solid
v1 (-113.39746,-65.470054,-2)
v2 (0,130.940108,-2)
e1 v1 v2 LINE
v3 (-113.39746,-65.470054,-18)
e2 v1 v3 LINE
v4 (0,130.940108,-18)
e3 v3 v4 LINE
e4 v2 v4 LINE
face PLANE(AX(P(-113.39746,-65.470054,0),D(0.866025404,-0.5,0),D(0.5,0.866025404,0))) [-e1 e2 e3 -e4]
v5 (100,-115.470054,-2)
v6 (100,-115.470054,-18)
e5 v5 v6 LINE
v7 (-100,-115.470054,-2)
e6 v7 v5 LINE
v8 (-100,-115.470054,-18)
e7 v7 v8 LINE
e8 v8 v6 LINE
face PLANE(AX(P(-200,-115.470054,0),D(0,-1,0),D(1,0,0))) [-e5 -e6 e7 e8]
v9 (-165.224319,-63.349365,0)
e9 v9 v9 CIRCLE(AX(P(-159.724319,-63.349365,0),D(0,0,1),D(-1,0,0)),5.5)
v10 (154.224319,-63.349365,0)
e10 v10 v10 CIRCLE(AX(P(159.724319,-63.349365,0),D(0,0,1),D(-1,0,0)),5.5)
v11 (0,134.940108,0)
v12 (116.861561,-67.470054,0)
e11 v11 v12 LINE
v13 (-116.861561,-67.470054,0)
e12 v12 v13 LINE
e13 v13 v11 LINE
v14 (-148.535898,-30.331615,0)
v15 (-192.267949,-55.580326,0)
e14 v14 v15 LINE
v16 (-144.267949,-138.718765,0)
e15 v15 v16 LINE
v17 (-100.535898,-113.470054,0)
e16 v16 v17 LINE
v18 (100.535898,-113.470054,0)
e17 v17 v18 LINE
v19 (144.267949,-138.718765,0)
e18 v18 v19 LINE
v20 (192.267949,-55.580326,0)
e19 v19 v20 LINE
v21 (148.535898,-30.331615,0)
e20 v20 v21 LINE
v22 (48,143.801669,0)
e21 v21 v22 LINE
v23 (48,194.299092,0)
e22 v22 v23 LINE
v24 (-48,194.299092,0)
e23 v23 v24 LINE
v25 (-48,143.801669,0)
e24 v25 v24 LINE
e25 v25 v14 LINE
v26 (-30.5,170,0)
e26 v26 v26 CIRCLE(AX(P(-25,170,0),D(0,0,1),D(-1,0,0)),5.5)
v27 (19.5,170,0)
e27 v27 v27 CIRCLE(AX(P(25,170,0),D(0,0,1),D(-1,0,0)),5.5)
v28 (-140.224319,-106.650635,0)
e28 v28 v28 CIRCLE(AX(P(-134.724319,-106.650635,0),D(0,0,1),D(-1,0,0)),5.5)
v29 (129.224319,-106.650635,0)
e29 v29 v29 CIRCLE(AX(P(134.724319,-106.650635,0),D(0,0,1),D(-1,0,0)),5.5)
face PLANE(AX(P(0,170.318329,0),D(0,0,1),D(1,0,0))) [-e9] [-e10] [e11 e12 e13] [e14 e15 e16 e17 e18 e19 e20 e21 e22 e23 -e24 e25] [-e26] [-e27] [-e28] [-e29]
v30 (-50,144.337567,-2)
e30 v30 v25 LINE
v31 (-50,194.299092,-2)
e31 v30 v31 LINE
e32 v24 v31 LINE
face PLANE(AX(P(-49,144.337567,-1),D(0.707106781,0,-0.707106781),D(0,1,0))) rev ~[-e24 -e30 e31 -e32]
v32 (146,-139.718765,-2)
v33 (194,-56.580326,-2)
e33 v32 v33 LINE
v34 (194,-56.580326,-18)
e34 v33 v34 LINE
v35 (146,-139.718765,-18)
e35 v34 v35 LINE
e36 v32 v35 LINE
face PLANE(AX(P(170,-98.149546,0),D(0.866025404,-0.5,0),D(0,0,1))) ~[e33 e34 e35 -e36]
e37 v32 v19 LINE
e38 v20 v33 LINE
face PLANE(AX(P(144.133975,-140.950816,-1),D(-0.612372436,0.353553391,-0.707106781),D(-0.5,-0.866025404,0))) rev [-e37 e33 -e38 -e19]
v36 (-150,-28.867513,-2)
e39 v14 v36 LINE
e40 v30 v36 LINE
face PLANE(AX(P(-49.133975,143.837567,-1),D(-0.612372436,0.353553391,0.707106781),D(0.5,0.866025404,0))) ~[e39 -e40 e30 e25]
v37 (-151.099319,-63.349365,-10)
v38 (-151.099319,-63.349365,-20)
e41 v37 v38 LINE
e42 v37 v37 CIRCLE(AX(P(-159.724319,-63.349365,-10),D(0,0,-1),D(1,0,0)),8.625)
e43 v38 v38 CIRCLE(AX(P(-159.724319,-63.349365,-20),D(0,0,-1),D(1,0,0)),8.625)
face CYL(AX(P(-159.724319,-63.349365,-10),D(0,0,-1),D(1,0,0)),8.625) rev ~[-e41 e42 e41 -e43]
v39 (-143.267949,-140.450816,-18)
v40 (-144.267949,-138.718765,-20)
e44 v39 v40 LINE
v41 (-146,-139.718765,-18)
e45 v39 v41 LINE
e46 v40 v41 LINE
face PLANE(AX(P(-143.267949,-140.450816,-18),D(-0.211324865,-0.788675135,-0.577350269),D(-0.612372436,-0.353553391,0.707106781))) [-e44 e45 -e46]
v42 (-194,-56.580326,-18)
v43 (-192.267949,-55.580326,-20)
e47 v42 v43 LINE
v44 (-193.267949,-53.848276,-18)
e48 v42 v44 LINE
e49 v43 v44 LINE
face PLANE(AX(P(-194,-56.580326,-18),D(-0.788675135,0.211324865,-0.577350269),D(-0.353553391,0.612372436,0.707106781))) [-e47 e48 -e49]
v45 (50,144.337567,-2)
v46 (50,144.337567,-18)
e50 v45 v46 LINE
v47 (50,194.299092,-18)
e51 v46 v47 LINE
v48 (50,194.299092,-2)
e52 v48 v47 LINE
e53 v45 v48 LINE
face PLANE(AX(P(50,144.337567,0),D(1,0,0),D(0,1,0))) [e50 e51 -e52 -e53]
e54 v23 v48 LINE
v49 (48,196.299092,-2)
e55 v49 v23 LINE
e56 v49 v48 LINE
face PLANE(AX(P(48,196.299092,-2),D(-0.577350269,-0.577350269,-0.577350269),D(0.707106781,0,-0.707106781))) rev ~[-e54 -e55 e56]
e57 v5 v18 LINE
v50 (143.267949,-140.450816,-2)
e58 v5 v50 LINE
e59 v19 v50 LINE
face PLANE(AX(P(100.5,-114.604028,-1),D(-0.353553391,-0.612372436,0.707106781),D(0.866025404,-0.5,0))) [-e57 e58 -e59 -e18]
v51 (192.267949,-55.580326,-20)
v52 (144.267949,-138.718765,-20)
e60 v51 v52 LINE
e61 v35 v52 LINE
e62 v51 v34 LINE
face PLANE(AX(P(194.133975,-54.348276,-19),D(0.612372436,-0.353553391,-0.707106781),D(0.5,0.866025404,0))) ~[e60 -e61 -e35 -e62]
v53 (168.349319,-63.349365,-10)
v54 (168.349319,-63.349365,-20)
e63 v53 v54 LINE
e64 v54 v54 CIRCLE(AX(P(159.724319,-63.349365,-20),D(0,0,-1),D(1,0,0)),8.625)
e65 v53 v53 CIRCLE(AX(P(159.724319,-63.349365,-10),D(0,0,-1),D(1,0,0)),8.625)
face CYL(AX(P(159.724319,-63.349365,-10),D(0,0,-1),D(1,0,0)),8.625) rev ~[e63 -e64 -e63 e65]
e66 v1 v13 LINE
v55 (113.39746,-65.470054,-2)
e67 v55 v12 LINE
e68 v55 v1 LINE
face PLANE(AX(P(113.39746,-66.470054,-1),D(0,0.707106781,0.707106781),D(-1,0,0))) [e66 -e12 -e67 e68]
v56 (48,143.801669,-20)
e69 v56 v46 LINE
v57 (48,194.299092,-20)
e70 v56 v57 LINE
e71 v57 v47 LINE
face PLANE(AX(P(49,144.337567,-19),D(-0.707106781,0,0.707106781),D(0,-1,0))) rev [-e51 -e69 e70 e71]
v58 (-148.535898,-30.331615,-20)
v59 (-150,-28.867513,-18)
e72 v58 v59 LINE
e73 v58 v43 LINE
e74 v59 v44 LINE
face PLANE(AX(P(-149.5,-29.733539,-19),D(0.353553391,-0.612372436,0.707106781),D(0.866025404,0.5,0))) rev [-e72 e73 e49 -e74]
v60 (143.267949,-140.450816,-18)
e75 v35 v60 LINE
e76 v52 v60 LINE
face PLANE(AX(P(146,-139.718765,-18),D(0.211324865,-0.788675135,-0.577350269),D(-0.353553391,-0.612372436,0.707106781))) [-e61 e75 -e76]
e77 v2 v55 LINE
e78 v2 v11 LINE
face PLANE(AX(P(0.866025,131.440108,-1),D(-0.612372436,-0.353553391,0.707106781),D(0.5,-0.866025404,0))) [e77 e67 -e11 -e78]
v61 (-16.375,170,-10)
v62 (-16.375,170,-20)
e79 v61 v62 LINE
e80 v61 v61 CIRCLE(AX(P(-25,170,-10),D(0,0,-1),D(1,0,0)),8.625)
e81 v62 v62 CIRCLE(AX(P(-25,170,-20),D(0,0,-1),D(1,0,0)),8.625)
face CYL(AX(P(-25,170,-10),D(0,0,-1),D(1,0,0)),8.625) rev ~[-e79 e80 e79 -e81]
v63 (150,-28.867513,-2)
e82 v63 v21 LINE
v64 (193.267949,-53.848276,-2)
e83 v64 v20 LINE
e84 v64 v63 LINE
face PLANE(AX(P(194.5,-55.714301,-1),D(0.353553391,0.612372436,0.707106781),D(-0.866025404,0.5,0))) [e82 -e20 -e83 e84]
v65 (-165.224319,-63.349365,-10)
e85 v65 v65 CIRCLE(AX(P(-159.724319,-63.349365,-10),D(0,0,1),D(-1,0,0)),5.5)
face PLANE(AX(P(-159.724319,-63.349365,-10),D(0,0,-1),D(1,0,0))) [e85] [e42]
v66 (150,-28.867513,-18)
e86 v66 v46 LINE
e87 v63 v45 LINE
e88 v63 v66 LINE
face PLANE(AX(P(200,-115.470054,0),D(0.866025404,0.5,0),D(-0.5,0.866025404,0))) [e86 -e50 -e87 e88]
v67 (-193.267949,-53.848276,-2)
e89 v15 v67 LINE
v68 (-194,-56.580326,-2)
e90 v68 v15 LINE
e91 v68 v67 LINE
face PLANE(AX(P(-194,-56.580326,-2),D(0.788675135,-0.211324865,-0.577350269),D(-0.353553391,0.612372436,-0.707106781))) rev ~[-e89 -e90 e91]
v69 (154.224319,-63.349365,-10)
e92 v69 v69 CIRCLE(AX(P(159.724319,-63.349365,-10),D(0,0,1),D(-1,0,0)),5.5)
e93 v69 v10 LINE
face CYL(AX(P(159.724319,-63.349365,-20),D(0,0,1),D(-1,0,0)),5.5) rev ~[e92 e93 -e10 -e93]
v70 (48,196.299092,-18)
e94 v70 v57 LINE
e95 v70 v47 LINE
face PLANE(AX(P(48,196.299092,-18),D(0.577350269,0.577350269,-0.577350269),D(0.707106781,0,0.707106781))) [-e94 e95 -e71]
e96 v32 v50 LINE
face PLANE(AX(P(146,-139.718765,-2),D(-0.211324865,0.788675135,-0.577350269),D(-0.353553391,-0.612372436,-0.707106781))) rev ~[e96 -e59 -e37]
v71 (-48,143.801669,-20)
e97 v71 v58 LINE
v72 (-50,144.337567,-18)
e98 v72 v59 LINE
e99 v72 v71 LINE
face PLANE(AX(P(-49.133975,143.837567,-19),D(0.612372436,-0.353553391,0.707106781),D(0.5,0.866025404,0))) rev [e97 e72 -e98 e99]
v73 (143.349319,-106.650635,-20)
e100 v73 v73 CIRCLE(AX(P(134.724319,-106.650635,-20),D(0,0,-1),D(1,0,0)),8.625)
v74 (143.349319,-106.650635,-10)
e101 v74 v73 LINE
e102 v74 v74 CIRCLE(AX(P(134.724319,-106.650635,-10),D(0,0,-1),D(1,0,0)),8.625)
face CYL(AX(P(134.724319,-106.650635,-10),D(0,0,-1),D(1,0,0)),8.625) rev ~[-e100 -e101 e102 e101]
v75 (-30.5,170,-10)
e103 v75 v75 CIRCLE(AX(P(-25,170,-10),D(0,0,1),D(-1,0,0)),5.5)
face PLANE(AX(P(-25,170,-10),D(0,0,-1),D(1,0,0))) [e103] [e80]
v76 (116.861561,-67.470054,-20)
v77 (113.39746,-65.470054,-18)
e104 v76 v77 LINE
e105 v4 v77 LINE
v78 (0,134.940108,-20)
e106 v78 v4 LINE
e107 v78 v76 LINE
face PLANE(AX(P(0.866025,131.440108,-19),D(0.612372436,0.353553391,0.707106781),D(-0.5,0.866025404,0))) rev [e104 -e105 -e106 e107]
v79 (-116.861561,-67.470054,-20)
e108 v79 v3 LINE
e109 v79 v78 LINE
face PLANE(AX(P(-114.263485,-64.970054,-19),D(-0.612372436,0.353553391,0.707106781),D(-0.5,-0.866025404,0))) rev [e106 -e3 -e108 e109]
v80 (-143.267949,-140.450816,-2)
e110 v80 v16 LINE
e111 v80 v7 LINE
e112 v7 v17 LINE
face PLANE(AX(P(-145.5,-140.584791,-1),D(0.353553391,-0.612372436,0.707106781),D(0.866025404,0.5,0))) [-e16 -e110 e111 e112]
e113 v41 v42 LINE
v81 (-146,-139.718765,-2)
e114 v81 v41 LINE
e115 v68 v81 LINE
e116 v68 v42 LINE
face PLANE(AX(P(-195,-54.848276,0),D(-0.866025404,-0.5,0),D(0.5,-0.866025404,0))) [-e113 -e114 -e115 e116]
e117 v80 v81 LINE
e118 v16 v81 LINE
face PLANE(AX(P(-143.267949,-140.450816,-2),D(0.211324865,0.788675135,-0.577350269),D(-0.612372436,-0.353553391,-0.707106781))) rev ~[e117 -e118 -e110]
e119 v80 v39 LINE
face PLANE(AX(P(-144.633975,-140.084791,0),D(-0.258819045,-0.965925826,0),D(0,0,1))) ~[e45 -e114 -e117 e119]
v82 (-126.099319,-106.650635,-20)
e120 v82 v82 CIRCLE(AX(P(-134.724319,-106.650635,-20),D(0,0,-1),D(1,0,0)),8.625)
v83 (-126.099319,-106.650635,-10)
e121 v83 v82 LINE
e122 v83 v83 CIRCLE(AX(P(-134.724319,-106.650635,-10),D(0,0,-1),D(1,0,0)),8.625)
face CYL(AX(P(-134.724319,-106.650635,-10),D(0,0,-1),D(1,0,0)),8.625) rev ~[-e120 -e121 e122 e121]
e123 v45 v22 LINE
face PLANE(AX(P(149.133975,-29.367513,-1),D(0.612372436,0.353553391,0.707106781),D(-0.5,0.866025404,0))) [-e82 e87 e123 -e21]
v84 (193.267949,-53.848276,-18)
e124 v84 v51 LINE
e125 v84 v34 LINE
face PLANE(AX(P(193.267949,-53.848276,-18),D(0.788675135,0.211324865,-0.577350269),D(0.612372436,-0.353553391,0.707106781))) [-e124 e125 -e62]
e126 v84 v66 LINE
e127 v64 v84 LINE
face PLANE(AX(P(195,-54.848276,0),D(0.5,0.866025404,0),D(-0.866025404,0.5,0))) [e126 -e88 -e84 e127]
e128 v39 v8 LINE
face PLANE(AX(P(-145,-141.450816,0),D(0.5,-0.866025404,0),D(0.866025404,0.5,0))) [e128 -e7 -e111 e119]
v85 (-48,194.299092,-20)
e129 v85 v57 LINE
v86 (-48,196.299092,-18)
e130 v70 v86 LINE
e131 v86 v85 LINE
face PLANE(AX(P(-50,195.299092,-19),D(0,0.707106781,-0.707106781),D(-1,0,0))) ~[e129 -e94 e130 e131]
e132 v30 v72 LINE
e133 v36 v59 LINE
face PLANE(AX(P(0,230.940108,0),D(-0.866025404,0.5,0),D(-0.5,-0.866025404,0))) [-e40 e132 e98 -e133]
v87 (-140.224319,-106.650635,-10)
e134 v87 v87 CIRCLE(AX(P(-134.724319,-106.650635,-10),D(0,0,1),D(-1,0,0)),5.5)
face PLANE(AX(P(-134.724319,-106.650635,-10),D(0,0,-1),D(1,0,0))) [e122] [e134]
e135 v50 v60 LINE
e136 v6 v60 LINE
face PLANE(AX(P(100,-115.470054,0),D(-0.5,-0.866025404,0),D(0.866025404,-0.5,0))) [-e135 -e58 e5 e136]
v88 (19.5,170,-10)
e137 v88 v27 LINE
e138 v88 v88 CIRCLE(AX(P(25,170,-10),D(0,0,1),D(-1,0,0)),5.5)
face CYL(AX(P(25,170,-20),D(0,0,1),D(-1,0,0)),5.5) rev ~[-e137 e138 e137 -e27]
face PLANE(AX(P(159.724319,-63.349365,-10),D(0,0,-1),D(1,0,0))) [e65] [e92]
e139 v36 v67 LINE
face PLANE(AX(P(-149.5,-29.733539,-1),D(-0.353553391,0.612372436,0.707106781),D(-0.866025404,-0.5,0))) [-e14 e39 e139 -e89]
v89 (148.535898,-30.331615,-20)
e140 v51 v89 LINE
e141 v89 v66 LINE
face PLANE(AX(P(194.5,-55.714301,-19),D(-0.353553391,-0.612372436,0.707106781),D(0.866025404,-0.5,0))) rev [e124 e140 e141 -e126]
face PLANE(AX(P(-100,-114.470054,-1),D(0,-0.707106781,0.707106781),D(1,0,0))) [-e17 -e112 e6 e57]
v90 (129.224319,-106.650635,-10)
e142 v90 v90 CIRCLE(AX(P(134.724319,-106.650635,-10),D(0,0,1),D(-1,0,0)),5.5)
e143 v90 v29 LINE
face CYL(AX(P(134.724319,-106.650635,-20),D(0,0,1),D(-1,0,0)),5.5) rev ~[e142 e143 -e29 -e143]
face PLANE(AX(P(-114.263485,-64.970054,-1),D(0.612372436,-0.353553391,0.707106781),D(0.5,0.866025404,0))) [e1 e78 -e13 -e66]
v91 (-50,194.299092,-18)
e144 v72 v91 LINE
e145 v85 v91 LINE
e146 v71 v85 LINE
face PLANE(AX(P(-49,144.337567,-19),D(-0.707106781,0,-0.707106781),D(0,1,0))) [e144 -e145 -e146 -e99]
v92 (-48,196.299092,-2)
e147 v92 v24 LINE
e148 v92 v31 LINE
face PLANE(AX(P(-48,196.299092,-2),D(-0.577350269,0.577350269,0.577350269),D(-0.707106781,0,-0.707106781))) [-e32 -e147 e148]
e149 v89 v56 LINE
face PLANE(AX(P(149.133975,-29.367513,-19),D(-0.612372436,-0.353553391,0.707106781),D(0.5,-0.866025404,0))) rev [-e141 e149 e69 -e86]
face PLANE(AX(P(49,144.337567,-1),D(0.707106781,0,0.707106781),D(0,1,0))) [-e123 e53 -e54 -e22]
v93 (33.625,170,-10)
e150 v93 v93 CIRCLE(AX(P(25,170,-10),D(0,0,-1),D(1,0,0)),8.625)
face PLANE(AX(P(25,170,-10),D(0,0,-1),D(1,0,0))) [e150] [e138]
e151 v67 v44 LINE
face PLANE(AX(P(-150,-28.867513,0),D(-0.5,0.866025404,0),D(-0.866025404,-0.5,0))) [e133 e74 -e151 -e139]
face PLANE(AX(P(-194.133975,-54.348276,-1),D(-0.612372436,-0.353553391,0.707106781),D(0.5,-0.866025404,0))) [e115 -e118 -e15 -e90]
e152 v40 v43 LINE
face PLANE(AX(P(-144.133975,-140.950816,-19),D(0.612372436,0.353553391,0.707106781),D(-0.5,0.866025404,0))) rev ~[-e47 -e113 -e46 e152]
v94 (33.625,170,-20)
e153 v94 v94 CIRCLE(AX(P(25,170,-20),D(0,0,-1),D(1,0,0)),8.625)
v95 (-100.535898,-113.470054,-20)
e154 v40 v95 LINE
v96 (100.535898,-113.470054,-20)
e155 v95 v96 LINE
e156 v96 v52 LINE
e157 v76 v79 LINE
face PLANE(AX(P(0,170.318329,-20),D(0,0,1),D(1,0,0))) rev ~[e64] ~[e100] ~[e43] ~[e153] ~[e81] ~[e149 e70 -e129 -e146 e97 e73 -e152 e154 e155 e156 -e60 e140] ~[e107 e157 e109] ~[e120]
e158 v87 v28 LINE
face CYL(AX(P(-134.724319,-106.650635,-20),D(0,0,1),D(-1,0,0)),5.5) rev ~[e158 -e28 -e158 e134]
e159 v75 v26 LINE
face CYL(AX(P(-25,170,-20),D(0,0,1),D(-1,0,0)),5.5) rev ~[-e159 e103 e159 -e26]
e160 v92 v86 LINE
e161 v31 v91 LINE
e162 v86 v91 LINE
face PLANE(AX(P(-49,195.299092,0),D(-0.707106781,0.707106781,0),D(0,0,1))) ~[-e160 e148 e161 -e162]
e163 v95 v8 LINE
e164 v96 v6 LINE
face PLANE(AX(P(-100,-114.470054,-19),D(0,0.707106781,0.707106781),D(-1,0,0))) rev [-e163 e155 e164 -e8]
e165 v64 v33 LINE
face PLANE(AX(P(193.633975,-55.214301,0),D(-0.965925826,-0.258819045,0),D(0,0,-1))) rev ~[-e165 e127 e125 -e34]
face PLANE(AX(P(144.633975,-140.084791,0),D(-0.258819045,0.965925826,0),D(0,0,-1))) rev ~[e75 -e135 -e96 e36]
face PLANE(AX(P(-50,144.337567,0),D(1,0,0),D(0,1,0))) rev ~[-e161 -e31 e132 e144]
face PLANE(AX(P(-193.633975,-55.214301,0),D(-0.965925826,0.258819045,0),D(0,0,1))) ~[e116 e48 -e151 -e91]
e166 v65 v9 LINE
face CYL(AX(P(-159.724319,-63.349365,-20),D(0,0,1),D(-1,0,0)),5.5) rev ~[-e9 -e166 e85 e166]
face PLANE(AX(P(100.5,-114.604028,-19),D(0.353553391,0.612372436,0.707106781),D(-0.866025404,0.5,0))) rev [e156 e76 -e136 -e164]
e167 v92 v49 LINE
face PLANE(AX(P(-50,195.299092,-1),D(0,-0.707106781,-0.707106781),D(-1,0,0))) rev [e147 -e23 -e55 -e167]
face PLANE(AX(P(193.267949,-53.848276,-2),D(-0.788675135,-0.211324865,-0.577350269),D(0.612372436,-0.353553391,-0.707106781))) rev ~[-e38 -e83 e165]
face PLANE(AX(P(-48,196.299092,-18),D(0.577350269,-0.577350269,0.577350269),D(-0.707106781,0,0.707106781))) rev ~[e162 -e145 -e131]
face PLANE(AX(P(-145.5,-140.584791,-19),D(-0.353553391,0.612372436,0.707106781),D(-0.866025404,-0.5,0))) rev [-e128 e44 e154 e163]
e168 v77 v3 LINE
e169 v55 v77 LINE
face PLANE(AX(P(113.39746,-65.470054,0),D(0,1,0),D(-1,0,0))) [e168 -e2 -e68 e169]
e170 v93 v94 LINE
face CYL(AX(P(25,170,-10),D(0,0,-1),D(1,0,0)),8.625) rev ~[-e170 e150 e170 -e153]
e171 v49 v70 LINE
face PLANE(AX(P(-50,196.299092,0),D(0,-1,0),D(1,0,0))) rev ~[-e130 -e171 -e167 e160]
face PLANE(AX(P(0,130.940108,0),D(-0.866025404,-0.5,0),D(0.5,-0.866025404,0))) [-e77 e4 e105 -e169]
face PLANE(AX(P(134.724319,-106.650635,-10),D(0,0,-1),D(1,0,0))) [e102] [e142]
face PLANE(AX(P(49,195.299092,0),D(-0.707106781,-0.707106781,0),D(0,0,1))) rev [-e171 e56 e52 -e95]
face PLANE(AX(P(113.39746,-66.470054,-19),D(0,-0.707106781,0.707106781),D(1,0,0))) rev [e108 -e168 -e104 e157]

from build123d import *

# Parameters (mm, degrees)
F1_DEPTH       = 20
F2_SIZE        = 40
F3_W           = 100
F3_H           = 51.9615242271
F4_DEPTH       = 20
F5_SIZE        = 2
F7_D           = 11
F7_CBORE_D     = 17.25
F7_CBORE_DEPTH = 10


with BuildPart() as f1:
    # F0 (on Top) → F1 (new body)
    with BuildSketch(Plane.XY):
        Polygon((0, 230.9401076759), (-200, -115.4700538379), (200, -115.4700538379), align=None)
        Polygon((-113.3974596216, -65.4700538379), (0, 130.9401076759), (113.3974596216, -65.4700538379), align=None, mode=Mode.SUBTRACT)
    extrude(amount=-F1_DEPTH)

    # F2
    f2_edges = [f1.edges().sort_by_distance(p)[0] for p in [
        (-200, -115.470054, -10),
        (200, -115.470054, -10),
        (0, 230.940108, -10),
    ]]
    chamfer(f2_edges, length=F2_SIZE)

    # F3 (on face) → F4 (join, through all)
    with BuildSketch(Plane.XY):
        with Locations((0, 170.3183294109)):
            Rectangle(F3_W, F3_H)
        Polygon((-145, -141.4508159515), (-100, -115.4700538379), (-150, -28.8675134595), (-195, -54.848275573), align=None)
        Polygon((195, -54.848275573), (150, -28.8675134595), (100, -115.4700538379), (145, -141.4508159515), align=None)
    extrude(amount=-F4_DEPTH)

    # F5
    f5_edges = [f1.edges().sort_by_distance(p)[0] for p in [
        (-50, 170.318329, -20),
        (-100, 57.735027, -20),
        (-172.5, -41.857895, -20),
        (-170, -98.149546, -20),
        (-122.5, -128.460435, -20),
        (0, -115.470054, -20),
        (122.5, -128.460435, -20),
        (170, -98.149546, -20),
        (172.5, -41.857895, -20),
        (100, 57.735027, -20),
        (50, 170.318329, -20),
        (0, 196.299092, -20),
        (-56.69873, 32.735027, -20),
        (56.69873, 32.735027, -20),
        (0, -65.470054, -20),
        (-50, 170.318329, 0),
        (-100, 57.735027, 0),
        (-172.5, -41.857895, 0),
        (-170, -98.149546, 0),
        (-122.5, -128.460435, 0),
        (0, -115.470054, 0),
        (122.5, -128.460435, 0),
        (170, -98.149546, 0),
        (172.5, -41.857895, 0),
        (100, 57.735027, 0),
        (50, 170.318329, 0),
        (0, 196.299092, 0),
        (-56.69873, 32.735027, 0),
        (56.69873, 32.735027, 0),
        (0, -65.470054, 0),
        (-145, -141.450816, -10),
        (-195, -54.848276, -10),
        (50, 196.299092, -10),
        (-50, 196.299092, -10),
        (145, -141.450816, -10),
        (195, -54.848276, -10),
    ]]
    chamfer(f5_edges, length=F5_SIZE)

    # F7 (through all)
    with Locations(Plane(origin=(0, 0, -20), x_dir=(1, 0, 0), z_dir=(0, 0, -1))):
        with Locations((159.7243186434, 63.3493649054), (134.7243186434, 106.6506350946), (-25, -170), (25, -170), (-134.7243186434, 106.6506350946), (-159.7243186434, 63.3493649054)):
            CounterBoreHole(F7_D / 2, F7_CBORE_D / 2, F7_CBORE_DEPTH)


solid = f1.part
